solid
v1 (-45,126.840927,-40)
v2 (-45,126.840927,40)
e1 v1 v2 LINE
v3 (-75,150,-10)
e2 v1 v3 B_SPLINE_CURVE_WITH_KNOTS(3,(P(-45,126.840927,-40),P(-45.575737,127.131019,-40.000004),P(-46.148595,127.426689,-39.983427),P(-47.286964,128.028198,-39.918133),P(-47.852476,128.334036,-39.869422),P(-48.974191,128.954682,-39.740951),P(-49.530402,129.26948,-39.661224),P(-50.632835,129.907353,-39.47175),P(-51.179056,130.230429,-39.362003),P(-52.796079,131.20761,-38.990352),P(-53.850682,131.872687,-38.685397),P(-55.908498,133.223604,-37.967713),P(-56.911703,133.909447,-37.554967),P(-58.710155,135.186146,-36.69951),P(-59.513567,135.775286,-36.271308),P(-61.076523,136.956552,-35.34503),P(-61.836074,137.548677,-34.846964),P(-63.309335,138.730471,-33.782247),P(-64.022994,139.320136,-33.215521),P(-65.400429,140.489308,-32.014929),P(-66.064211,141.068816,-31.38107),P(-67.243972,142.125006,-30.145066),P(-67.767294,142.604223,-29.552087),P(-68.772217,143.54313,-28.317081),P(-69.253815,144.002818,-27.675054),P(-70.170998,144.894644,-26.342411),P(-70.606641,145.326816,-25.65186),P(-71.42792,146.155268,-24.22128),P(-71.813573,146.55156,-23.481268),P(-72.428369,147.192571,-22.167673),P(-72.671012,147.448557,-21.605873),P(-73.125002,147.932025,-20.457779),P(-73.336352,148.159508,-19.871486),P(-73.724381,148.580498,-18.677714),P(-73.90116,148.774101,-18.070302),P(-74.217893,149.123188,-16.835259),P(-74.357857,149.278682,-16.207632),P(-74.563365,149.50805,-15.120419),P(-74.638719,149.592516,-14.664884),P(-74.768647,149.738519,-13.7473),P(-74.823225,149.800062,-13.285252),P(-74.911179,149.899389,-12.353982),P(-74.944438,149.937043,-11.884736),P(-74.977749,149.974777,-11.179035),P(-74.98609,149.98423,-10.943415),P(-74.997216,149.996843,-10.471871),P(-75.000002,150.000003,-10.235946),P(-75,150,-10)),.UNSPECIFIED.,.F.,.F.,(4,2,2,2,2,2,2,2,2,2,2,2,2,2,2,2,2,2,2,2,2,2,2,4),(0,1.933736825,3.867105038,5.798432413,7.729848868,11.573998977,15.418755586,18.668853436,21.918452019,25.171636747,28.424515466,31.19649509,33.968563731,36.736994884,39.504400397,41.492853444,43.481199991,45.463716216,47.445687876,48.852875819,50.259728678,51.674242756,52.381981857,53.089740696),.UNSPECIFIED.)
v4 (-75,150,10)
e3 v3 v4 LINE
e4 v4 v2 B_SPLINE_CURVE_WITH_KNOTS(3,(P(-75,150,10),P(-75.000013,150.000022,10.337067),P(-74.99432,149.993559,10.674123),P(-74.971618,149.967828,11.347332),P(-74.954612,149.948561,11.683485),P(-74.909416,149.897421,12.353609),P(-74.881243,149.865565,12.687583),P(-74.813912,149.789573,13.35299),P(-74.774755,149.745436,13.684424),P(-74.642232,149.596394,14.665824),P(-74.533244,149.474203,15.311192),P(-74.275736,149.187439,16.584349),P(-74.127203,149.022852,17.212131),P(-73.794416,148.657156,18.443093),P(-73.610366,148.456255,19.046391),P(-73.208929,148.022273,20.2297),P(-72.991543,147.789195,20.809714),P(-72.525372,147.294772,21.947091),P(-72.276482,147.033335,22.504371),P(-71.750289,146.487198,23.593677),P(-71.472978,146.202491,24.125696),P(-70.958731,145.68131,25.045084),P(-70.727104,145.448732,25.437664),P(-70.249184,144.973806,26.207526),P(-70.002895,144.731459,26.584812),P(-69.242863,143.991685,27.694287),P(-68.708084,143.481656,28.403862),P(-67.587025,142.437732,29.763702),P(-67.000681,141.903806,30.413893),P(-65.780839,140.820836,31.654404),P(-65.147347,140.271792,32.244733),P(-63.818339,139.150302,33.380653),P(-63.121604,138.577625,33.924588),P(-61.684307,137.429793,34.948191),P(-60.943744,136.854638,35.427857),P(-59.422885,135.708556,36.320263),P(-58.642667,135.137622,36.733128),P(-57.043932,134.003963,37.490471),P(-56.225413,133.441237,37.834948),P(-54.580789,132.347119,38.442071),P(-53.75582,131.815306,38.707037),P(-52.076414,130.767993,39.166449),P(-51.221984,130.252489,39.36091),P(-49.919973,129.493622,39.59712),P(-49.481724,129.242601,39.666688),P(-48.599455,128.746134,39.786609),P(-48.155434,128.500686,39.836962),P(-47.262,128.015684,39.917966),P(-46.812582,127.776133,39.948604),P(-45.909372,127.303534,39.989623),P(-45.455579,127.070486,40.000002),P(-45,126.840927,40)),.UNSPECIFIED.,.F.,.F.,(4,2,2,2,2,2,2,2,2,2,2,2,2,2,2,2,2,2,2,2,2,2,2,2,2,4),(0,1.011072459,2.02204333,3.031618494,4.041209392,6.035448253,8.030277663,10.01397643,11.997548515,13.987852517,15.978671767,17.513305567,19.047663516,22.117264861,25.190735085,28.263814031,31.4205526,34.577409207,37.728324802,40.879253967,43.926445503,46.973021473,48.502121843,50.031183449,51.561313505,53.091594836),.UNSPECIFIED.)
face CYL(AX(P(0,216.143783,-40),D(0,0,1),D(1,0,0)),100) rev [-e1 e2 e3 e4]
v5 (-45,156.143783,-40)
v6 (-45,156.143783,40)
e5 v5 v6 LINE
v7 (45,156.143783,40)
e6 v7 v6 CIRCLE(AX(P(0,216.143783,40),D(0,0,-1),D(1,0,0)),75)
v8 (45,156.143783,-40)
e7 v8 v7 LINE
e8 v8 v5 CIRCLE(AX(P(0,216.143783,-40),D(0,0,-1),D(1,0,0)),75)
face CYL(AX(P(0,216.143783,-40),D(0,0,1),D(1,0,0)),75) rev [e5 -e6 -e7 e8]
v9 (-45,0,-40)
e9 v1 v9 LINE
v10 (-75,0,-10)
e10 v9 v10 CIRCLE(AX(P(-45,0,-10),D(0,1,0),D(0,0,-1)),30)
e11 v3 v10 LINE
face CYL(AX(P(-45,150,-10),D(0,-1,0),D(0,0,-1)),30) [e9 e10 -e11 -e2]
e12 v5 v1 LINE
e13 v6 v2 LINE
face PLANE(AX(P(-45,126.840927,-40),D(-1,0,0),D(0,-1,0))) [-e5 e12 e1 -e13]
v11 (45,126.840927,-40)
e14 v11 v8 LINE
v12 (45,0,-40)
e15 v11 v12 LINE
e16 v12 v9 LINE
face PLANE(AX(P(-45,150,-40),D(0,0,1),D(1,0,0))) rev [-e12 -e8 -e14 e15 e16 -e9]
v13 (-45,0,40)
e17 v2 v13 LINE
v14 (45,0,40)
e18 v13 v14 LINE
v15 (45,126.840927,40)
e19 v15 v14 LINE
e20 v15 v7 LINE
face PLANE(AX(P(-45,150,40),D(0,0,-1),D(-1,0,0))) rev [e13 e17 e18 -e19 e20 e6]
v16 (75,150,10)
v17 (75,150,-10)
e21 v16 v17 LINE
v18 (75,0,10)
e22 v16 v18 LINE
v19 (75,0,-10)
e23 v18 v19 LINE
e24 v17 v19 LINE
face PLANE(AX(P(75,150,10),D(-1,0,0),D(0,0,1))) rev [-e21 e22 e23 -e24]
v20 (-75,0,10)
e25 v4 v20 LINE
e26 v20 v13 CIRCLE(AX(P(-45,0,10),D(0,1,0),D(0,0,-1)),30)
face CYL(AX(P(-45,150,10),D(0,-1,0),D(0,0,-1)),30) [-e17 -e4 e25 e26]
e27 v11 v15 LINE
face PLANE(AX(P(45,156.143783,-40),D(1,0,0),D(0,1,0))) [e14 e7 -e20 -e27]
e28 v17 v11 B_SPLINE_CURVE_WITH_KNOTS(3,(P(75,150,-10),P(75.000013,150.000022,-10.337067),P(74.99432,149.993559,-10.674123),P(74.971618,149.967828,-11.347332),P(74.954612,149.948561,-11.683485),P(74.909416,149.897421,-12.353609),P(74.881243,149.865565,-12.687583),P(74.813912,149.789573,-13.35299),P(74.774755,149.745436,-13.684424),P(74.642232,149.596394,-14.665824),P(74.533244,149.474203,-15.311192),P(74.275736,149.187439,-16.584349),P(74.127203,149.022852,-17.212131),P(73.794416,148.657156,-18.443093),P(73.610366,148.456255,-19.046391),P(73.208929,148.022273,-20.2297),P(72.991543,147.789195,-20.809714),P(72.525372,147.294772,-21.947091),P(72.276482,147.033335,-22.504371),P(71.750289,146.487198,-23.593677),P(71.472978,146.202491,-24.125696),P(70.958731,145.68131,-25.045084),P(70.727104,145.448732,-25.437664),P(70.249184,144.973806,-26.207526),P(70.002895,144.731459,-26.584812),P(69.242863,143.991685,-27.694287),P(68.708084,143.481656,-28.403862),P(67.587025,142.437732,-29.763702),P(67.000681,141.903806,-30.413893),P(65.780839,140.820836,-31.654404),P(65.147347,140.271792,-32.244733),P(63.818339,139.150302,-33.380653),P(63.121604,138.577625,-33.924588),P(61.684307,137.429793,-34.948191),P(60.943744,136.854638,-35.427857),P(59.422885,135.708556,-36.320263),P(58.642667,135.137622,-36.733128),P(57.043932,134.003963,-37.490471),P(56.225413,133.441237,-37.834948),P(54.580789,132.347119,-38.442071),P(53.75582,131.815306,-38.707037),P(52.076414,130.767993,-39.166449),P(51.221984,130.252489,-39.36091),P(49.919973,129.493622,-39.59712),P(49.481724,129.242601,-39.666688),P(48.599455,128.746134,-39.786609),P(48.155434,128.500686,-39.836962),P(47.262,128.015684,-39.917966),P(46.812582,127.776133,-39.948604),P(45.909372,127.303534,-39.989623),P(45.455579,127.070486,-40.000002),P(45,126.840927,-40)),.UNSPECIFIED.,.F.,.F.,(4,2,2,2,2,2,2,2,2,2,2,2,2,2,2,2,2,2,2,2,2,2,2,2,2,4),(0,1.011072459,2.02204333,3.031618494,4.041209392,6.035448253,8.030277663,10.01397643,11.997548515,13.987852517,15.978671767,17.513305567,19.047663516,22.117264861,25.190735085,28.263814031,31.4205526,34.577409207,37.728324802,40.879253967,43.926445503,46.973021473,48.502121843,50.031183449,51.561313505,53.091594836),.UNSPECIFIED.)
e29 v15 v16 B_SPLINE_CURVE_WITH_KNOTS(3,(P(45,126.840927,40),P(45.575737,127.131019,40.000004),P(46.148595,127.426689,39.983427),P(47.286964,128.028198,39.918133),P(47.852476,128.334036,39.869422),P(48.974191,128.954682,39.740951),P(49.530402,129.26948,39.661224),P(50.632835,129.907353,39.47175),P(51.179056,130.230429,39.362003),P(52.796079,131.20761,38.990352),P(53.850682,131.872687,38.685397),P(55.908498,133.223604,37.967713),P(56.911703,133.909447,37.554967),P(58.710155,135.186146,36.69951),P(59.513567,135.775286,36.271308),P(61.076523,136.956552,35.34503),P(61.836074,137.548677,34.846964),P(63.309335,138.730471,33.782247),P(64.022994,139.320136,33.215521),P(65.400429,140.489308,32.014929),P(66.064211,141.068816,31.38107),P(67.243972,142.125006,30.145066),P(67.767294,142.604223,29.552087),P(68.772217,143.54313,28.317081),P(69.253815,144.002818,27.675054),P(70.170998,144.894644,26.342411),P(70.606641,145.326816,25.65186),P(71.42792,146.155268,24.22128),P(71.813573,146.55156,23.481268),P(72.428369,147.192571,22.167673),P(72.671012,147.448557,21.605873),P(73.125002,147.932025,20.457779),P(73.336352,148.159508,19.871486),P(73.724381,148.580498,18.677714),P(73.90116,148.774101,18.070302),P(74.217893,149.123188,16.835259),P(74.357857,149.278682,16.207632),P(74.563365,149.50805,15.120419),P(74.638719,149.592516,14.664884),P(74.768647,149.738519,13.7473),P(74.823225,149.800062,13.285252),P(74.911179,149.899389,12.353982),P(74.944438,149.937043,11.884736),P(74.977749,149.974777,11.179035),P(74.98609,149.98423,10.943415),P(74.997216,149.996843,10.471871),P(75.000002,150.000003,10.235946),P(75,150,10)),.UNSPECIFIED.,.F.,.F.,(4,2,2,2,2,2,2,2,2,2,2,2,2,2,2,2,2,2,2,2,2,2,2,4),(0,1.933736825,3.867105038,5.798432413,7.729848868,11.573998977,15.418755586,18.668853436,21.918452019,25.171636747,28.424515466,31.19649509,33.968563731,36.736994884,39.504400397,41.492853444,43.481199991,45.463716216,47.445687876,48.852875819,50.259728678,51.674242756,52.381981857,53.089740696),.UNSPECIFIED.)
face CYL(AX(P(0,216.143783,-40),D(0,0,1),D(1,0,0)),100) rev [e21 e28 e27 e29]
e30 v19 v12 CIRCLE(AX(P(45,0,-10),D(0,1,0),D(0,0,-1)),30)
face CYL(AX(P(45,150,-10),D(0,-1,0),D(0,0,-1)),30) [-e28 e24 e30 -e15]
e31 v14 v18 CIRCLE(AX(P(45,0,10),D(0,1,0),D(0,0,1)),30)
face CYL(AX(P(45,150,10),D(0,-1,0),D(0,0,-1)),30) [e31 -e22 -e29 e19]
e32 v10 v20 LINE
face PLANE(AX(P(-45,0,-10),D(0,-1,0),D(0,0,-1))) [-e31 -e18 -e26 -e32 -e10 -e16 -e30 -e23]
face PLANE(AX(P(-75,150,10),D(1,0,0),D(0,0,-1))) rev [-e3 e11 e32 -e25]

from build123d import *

# Parameters (mm, degrees)
BOSS_EXTRUDE1_DEPTH     = 150
CUT_EXTRUDE1_DEPTH      = 173.409396496
CUT_EXTRUDE1_DEPTH_BACK = 173.409396496
SKETCH3_OUTSIDE_W       = 197.344
SKETCH3_OUTSIDE_H       = 197.344
BOSS_EXTRUDE2_START     = -80
BOSS_EXTRUDE2_DEPTH     = 80


with BuildPart() as part:
    # Sketch1 → Boss-Extrude1 (new body)
    with BuildSketch(Plane(origin=(0, 0, 0), x_dir=(1, 0, 0), z_dir=(0, 1, 0))):
        with BuildLine():
            Line((-45, -40), (45, -40))
            ThreePointArc((45, -40), (66.213203436, -31.213203436), (75, -10))
            Line((75, -10), (75, 10))
            ThreePointArc((75, 10), (66.213203436, 31.213203436), (45, 40))
            Line((45, 40), (-45, 40))
            ThreePointArc((-45, 40), (-66.213203436, 31.213203436), (-75, 10))
            Line((-75, 10), (-75, -10))
            ThreePointArc((-75, -10), (-66.213203436, -31.213203436), (-45, -40))
        make_face()
    extrude(amount=BOSS_EXTRUDE1_DEPTH)

    # Sketch3 outside → Cut-Extrude1 (cut, two sides: drawn at the far end of the back side and taken through both)
    with BuildSketch(Plane.XY.offset(-CUT_EXTRUDE1_DEPTH_BACK)):
        with Locations((0, 75)):
            Rectangle(SKETCH3_OUTSIDE_W, SKETCH3_OUTSIDE_H)
        with BuildLine():
            Line((-75, 150), (-75, 0))
            Line((-75, 0), (75, 0))
            Line((75, 0), (75, 150))
            ThreePointArc((75, 150), (0, 116.143782777), (-75, 150))
        make_face(mode=Mode.SUBTRACT)
    extrude(amount=CUT_EXTRUDE1_DEPTH + CUT_EXTRUDE1_DEPTH_BACK, mode=Mode.SUBTRACT)

    # Sketch6 → Boss-Extrude2 (add)
    with BuildSketch(Plane.XY.offset(40).offset(BOSS_EXTRUDE2_START)):
        with BuildLine():
            Line((-45, 126.840927279), (-45, 156.143782777))
            ThreePointArc((-45, 156.143782777), (0, 141.143782777), (45, 156.143782777))
            Line((45, 156.143782777), (45, 126.840927279))
            ThreePointArc((45, 126.840927279), (0, 116.143782777), (-45, 126.840927279))
        make_face()
    extrude(amount=BOSS_EXTRUDE2_DEPTH)


solid = part.part
